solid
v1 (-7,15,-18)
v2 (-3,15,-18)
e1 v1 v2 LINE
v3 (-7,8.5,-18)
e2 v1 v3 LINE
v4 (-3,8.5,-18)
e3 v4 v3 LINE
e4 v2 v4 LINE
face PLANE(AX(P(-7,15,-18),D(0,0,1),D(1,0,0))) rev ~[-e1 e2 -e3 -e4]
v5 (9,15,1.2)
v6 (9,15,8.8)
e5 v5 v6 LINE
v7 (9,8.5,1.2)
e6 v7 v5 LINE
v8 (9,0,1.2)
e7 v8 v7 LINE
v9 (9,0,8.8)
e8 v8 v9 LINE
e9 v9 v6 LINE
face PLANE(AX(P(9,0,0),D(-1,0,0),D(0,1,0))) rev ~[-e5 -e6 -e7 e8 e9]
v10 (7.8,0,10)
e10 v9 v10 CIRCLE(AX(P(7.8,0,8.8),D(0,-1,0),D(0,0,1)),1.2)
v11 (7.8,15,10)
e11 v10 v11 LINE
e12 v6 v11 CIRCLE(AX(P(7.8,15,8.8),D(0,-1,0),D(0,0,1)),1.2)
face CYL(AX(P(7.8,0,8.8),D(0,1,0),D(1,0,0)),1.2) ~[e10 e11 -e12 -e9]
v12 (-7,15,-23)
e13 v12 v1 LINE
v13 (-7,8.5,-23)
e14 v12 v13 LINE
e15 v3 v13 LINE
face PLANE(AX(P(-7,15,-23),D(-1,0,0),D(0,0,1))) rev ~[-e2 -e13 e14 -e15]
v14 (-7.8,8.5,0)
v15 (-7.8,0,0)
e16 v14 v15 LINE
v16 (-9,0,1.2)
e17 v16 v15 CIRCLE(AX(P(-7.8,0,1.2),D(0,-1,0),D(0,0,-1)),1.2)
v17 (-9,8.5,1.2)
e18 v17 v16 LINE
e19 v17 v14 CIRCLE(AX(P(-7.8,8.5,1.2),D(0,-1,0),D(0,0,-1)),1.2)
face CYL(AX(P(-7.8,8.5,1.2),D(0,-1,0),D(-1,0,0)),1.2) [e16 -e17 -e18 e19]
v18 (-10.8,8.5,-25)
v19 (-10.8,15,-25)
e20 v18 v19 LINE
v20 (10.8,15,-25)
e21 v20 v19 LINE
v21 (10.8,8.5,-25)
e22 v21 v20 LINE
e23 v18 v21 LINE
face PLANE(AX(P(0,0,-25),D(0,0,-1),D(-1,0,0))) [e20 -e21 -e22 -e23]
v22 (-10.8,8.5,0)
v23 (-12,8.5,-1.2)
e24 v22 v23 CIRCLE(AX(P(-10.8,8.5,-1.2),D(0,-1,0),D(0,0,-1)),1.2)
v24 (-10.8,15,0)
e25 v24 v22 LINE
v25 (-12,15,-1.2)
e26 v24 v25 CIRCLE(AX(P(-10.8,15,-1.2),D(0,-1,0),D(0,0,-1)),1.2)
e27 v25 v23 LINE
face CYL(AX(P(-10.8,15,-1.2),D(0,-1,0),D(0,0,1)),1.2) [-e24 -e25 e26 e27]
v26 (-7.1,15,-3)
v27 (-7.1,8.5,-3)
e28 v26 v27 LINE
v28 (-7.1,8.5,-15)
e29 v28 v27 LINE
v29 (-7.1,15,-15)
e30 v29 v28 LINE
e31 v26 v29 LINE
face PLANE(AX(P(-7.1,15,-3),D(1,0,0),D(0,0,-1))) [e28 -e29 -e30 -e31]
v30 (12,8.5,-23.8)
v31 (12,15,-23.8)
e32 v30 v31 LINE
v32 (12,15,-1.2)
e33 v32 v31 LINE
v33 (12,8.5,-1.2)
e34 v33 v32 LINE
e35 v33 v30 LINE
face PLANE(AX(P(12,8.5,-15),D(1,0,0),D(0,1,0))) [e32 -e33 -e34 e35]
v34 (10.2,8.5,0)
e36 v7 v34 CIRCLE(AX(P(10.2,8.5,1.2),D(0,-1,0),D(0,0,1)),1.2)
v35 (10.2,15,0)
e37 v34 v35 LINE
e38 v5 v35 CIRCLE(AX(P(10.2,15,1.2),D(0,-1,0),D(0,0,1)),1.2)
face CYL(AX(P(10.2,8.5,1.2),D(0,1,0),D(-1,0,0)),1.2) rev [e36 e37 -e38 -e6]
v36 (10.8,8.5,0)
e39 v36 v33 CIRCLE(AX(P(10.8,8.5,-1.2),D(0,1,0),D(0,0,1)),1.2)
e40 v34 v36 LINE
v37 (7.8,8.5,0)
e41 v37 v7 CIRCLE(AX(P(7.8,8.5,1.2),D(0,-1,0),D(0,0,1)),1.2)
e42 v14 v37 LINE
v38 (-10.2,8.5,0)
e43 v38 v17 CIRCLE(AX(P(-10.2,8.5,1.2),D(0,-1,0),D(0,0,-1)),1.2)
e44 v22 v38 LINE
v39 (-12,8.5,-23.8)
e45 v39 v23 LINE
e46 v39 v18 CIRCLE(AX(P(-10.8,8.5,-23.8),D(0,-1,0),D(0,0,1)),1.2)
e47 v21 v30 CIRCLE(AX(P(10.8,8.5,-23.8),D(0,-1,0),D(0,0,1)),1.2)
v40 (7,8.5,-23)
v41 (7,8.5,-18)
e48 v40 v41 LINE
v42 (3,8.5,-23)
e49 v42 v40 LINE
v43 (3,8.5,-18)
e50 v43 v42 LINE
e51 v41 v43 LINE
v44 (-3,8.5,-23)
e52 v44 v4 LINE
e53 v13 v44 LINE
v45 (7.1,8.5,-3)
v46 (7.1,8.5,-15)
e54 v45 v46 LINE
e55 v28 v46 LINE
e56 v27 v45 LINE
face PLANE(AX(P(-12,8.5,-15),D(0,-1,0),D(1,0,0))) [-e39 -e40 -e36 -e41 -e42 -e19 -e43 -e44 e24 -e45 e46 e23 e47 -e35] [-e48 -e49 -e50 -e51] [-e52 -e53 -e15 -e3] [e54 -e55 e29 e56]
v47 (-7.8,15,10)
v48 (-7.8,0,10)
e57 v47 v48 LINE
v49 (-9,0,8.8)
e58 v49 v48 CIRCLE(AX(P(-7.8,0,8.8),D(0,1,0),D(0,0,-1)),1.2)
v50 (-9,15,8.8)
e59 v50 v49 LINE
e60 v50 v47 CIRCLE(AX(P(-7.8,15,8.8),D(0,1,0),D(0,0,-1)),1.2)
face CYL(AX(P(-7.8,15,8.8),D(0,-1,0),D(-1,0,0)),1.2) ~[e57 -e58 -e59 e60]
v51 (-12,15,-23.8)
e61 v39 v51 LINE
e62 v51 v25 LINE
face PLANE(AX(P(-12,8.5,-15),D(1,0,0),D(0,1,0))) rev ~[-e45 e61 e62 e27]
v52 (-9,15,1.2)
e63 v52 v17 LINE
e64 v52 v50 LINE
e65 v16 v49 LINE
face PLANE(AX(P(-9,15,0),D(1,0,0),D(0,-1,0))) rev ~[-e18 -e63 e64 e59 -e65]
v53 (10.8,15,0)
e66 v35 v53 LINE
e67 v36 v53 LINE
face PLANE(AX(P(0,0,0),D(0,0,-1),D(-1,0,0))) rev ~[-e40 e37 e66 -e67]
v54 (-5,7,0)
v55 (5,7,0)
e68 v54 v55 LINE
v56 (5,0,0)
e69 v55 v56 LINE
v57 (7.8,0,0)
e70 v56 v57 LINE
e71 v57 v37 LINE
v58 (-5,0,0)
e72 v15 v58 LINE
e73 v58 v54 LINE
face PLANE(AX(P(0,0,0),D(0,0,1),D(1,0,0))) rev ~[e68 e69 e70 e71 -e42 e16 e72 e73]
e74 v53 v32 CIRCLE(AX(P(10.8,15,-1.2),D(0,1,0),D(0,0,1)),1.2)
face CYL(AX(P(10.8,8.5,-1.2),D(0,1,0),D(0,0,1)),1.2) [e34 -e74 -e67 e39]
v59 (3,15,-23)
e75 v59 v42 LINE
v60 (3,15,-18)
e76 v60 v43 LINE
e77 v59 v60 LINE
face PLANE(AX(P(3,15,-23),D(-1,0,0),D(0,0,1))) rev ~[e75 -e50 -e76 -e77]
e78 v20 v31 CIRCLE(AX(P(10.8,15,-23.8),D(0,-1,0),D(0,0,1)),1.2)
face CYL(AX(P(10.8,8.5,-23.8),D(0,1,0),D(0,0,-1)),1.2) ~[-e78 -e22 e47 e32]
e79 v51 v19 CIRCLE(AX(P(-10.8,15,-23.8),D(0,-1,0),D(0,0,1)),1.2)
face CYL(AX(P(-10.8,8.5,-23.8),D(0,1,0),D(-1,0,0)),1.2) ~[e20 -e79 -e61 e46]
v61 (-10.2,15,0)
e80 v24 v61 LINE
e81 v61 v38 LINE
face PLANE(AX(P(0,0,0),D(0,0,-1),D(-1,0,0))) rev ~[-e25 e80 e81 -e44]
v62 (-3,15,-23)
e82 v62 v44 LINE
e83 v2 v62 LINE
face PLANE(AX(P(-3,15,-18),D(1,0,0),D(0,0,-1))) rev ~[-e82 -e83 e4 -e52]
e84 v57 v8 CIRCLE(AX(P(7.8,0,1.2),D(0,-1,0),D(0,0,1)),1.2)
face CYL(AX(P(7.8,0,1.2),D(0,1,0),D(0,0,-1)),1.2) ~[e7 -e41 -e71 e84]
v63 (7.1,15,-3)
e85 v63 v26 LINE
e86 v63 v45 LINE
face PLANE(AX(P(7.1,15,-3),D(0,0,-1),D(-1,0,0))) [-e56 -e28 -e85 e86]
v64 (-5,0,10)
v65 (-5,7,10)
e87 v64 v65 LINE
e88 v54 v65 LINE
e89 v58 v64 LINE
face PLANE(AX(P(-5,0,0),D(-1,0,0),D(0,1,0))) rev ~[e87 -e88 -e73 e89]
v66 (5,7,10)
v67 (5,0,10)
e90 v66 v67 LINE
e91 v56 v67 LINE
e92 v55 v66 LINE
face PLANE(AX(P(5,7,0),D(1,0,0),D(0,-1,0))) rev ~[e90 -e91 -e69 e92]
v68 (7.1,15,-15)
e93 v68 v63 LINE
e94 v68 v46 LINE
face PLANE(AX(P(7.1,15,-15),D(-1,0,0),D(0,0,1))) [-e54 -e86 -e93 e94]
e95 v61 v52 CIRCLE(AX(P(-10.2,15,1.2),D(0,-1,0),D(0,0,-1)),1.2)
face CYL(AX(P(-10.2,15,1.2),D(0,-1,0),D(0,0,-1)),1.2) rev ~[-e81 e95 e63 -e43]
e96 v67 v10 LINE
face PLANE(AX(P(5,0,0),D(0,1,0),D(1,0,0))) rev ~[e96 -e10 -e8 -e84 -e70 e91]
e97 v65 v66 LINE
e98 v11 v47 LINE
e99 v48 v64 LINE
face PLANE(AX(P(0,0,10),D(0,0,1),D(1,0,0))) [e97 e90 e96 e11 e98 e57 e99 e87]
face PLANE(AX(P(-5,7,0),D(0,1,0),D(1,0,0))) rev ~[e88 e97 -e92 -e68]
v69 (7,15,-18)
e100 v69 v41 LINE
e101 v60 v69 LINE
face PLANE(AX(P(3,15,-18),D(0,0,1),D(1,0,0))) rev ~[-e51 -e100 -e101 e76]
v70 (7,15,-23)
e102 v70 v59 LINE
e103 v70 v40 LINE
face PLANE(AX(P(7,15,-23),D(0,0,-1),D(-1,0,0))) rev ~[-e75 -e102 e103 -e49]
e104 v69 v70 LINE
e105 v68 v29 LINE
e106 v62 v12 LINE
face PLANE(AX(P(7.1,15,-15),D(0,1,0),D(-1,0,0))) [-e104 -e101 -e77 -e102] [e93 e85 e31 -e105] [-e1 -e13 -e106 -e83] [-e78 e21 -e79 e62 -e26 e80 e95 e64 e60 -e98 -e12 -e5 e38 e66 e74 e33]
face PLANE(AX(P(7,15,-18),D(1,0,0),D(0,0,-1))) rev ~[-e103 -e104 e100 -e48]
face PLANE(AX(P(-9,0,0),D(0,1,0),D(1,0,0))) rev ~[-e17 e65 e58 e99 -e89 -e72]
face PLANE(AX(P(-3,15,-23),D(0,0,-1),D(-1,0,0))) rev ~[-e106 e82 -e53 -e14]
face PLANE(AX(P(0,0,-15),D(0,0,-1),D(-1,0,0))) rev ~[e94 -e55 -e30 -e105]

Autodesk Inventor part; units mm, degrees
ref_plane "YZ Plane" through (0, 0, 0) normal (1, 0, 0) x (0, 1, 0)
ref_plane "XZ Plane" through (0, 0, 0) normal (0, 1, 0) x (-1, 0, 0)
ref_plane "XY Plane" through (0, 0, 0) normal (0, 0, 1) x (1, 0, 0)
sketch "Náčrt1" plane through (0, 0, 0) normal (0, 0, 1) x (1, 0, 0)
  line L0 (-9, 0) -> (-5, 0)
  line L1 (-5, 0) -> (-5, 7)
  line L2 (-5, 7) -> (5, 7)
  line L3 (5, 7) -> (5, 0)
  line L4 (9, 0) -> (9, 15)
  line L5 (9, 15) -> (-9, 15)
  line L6 (-9, 15) -> (-9, 0)
  line L7 (5, 0) -> (9, 0)
  point P0 (0, 0)
  dimension "d0" = 10
  dimension "d1" = 4
  dimension "d2" = 4
  dimension "d3" = 5
  dimension "d4" = 7
  dimension "d5" = 7
  dimension "d8" = 8
extrude "Vysunutí1" add sketch "Náčrt1" along normal blind 10
sketch "Náčrt2" plane through (0, 0, 0) normal (0, 0, -1) x (-1, 0, 0)
  line L0 (5, 7) -> (-5, 7) projected
  line L1 (-12, 15) -> (12, 15)
  line L2 (12, 15) -> (12, 8.5)
  line L3 (12, 8.5) -> (-12, 8.5)
  line L4 (-12, 8.5) -> (-12, 15)
  line L5 (-9, 15) -> (9, 15) projected
  line L6 (-9, 0) -> (-9, 15) projected
  line L7 (9, 15) -> (9, 0) projected
  point P0 (0, 0)
  dimension "d19" = 1.5
  dimension "d20" = 3
  dimension "d21" = 3
extrude "Vysunutí4" add sketch "Náčrt2" along normal blind 15
sketch "Náčrt4" plane through (-9, 15, 10) normal (0, 1, 0) x (1, 0, 0)
  line L0 (21, 25) -> (-3, 25) projected
  line L1 (1.9, 25) -> (16.1, 25)
  line L2 (16.1, 25) -> (16.1, 13)
  line L3 (16.1, 13) -> (1.9, 13)
  line L4 (1.9, 13) -> (1.9, 25)
  line L5 (21, 10) -> (21, 25) projected
  line L6 (-3, 10) -> (-3, 25) projected
  point P0 (9, 10)
  dimension "d24" = 12
  dimension "d25" = 4.9
  dimension "d26" = 4.9
extrude "Vysunutí5" cut sketch "Náčrt4" against normal blind 15
sketch "Náčrt5" plane through (0, 0, -15) normal (0, 0, -1) x (-1, 0, 0)
  line L0 (-7.1, 15) -> (-12, 15) projected
  line L1 (12, 8.5) -> (12, 15) projected
  line L2 (-12, 15) -> (12, 15)
  line L3 (12, 15) -> (12, 8.5)
  line L4 (12, 8.5) -> (-12, 8.5)
  line L5 (-12, 8.5) -> (-12, 15)
  point P0 (0, 0)
extrude "Vysunutí6" add sketch "Náčrt5" along normal blind 10
sketch "Náčrt6" plane through (-9, 15, 10) normal (0, 1, 0) x (1, 0, 0)
  line L0 (2, 28) -> (6, 28)
  line L1 (6, 28) -> (6, 33)
  line L2 (6, 33) -> (2, 33)
  line L3 (2, 33) -> (2, 28)
  line L4 (12, 28) -> (16, 28)
  line L5 (16, 28) -> (16, 33)
  line L6 (16, 33) -> (12, 33)
  line L7 (12, 33) -> (12, 28)
  line L8 (-3, 10) -> (-3, 35) projected
  line L9 (21, 10) -> (21, 35) projected
  line L10 (1.9, 25) -> (16.1, 25) projected
  line L11 (-3, 35) -> (21, 35) projected
  point P0 (9, 10)
  dimension "d33" = 3
  dimension "d34" = 3
  dimension "d35" = 2
  dimension "d36" = 2
  dimension "d38" = 4
  dimension "d39" = 4
  dimension "d45" = 6
  dimension "d46" = 5
  dimension "d47" = 5
extrude "Vysunutí7" cut sketch "Náčrt6" against normal blind 10
fillet "Zaoblení2" radius 1.2 10 edges at (-9, 7.5, 10) (-9, 4.25, 0) (9, 4.25, 0) (9, 7.5, 10) (9, 11.75, 0) (12, 11.75, 0) (-9, 11.75, 0) (-12, 11.75, 0) (-12, 11.75, -25) (12, 11.75, -25)
equation "\"d2\" = d1"
equation "\"d3\" = 0.5 * d0"
equation "\"d5\" = d4"
equation "\"d21\" = d20"
equation "\"d26\" = d25"
equation "\"d34\" = d33"
equation "\"d36\" = d35"
equation "\"d39\" = d38"
properties part number "QRholder-bottom"
